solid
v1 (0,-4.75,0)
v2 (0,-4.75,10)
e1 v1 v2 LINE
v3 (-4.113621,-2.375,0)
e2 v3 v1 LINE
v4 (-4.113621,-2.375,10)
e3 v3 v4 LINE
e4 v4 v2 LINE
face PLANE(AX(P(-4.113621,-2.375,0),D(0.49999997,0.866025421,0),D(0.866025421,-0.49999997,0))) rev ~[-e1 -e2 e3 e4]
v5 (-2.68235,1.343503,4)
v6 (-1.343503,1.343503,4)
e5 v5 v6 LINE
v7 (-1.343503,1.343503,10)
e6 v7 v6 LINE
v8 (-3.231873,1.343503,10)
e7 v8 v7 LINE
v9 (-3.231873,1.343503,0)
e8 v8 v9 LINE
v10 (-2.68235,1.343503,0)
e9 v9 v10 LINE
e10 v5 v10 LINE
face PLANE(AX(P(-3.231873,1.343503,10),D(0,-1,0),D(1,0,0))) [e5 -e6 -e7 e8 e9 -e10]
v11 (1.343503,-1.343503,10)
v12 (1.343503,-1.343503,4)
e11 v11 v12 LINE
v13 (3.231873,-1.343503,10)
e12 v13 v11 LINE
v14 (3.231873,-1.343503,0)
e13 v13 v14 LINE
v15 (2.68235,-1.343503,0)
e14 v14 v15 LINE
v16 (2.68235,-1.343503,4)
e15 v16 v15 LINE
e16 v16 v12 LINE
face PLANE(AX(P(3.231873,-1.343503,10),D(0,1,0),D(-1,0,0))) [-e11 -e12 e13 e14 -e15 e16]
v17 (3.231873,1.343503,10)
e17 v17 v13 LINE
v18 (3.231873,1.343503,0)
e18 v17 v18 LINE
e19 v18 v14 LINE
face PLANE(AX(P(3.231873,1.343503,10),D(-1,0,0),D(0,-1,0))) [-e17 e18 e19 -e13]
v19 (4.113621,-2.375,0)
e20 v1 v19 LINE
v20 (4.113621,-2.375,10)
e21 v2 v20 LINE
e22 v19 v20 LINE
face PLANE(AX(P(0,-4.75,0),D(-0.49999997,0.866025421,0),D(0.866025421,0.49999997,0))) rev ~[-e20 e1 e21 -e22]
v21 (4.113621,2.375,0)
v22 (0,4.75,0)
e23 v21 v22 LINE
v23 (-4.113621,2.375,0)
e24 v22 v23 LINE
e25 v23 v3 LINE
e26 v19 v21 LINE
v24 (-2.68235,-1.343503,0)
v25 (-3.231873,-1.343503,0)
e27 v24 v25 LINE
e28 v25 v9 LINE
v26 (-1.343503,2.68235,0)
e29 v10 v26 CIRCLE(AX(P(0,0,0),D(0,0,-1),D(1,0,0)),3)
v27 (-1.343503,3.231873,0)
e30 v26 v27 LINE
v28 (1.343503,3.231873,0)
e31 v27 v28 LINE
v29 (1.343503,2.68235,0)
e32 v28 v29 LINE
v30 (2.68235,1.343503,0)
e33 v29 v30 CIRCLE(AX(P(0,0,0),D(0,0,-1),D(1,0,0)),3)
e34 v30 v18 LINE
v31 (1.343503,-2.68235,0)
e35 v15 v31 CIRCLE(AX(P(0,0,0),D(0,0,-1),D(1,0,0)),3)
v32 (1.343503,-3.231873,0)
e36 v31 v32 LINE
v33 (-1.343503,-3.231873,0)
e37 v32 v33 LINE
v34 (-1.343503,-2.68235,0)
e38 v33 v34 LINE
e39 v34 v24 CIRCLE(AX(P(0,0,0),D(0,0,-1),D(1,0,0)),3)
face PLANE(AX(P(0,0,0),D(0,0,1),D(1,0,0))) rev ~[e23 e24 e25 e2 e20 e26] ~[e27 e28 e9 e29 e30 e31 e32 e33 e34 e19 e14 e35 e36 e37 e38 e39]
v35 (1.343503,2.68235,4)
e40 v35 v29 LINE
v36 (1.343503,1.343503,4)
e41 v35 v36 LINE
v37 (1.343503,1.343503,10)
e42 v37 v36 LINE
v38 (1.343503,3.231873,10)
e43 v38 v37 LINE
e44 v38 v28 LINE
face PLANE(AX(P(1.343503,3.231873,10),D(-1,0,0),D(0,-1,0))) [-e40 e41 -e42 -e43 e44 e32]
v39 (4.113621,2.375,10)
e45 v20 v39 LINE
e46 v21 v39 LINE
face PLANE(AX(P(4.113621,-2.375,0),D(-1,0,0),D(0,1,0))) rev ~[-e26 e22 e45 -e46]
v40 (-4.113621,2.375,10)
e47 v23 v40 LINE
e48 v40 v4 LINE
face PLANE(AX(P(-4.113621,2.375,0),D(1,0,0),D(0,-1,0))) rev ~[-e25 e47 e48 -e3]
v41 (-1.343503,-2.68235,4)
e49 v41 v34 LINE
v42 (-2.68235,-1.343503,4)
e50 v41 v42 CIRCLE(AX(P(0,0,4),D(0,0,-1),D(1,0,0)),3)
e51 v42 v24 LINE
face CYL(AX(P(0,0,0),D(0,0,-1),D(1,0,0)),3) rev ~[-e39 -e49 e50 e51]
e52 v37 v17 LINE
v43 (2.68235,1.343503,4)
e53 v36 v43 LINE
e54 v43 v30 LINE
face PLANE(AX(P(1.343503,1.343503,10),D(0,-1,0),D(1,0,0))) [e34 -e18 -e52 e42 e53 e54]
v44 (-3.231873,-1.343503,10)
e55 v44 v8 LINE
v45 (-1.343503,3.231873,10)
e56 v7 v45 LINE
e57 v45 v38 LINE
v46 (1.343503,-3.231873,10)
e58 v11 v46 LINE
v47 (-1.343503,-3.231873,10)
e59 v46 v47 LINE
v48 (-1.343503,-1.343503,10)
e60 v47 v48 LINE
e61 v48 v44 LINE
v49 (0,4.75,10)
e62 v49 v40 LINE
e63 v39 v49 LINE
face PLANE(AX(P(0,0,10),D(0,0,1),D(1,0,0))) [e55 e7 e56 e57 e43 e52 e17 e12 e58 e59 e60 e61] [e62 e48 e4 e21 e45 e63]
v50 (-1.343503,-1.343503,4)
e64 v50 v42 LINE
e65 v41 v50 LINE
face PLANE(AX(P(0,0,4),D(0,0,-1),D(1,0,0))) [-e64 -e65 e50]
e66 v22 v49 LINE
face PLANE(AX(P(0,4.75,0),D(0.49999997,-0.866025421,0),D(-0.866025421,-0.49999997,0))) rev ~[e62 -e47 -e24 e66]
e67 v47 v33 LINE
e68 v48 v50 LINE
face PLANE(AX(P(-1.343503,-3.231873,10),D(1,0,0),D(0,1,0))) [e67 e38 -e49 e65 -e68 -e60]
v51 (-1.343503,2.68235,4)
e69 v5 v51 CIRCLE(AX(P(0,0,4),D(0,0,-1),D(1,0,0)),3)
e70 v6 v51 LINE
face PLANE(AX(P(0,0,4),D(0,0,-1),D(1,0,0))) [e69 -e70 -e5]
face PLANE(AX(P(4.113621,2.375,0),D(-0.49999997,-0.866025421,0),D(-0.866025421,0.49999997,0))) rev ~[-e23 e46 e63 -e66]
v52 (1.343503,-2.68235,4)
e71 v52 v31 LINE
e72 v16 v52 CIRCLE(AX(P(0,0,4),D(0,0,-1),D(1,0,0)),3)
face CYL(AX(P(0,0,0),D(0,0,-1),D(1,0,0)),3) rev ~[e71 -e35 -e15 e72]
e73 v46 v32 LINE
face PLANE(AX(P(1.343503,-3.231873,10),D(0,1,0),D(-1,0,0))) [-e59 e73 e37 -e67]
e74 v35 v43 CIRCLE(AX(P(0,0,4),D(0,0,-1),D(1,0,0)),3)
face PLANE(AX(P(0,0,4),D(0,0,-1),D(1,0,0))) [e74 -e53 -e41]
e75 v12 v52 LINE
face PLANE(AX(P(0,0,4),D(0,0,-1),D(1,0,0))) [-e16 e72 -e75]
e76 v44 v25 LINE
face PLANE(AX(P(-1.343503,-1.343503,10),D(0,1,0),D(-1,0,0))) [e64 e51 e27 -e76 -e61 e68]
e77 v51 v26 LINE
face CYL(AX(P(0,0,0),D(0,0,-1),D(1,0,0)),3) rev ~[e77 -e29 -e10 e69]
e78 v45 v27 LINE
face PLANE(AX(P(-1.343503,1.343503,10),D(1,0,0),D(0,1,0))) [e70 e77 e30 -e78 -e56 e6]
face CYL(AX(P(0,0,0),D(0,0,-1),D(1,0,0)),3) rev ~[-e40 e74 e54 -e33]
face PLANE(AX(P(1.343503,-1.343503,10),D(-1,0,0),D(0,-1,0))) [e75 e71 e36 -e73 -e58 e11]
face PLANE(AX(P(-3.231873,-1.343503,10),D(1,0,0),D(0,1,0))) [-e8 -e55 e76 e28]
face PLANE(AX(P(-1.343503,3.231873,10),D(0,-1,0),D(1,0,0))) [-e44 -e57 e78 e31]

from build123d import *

# Parameters (mm, degrees)
PAD023_DEPTH    = 10
POCKET011_DEPTH = 10
SKETCH038_R     = 3
POCKET012_DEPTH = 4


with BuildPart() as part:
    # Sketch036 → Pad023 (new body)
    with BuildSketch(Plane.XY):
        Polygon((4.113621, -2.375), (4.113621, 2.375), (0, 4.75), (-4.113621, 2.375), (-4.113621, -2.375), (0, -4.75), align=None)
    extrude(amount=PAD023_DEPTH)

    # Sketch037 (on Face8 of Pad023) → Pocket011 (cut)
    with BuildSketch(Plane.XY.offset(10)):
        Polygon((-3.231873, -1.343503), (-3.231873, 1.343503), (-1.343503, 1.343503), (-1.343503, 3.231873), (1.343503, 3.231873), (1.343503, 1.343503), (3.231873, 1.343503), (3.231873, -1.343503), (1.343503, -1.343503), (1.343503, -3.231873), (-1.343503, -3.231873), (-1.343503, -1.343503), align=None)
    extrude(amount=-POCKET011_DEPTH, mode=Mode.SUBTRACT)

    # Sketch038 (on Face4 of Pocket011) → Pocket012 (cut)
    with BuildSketch(Plane(origin=(0, 0, 0), x_dir=(1, 0, 0), z_dir=(0, 0, -1))):
        Circle(SKETCH038_R)
    extrude(amount=-POCKET012_DEPTH, mode=Mode.SUBTRACT)


solid = part.part
